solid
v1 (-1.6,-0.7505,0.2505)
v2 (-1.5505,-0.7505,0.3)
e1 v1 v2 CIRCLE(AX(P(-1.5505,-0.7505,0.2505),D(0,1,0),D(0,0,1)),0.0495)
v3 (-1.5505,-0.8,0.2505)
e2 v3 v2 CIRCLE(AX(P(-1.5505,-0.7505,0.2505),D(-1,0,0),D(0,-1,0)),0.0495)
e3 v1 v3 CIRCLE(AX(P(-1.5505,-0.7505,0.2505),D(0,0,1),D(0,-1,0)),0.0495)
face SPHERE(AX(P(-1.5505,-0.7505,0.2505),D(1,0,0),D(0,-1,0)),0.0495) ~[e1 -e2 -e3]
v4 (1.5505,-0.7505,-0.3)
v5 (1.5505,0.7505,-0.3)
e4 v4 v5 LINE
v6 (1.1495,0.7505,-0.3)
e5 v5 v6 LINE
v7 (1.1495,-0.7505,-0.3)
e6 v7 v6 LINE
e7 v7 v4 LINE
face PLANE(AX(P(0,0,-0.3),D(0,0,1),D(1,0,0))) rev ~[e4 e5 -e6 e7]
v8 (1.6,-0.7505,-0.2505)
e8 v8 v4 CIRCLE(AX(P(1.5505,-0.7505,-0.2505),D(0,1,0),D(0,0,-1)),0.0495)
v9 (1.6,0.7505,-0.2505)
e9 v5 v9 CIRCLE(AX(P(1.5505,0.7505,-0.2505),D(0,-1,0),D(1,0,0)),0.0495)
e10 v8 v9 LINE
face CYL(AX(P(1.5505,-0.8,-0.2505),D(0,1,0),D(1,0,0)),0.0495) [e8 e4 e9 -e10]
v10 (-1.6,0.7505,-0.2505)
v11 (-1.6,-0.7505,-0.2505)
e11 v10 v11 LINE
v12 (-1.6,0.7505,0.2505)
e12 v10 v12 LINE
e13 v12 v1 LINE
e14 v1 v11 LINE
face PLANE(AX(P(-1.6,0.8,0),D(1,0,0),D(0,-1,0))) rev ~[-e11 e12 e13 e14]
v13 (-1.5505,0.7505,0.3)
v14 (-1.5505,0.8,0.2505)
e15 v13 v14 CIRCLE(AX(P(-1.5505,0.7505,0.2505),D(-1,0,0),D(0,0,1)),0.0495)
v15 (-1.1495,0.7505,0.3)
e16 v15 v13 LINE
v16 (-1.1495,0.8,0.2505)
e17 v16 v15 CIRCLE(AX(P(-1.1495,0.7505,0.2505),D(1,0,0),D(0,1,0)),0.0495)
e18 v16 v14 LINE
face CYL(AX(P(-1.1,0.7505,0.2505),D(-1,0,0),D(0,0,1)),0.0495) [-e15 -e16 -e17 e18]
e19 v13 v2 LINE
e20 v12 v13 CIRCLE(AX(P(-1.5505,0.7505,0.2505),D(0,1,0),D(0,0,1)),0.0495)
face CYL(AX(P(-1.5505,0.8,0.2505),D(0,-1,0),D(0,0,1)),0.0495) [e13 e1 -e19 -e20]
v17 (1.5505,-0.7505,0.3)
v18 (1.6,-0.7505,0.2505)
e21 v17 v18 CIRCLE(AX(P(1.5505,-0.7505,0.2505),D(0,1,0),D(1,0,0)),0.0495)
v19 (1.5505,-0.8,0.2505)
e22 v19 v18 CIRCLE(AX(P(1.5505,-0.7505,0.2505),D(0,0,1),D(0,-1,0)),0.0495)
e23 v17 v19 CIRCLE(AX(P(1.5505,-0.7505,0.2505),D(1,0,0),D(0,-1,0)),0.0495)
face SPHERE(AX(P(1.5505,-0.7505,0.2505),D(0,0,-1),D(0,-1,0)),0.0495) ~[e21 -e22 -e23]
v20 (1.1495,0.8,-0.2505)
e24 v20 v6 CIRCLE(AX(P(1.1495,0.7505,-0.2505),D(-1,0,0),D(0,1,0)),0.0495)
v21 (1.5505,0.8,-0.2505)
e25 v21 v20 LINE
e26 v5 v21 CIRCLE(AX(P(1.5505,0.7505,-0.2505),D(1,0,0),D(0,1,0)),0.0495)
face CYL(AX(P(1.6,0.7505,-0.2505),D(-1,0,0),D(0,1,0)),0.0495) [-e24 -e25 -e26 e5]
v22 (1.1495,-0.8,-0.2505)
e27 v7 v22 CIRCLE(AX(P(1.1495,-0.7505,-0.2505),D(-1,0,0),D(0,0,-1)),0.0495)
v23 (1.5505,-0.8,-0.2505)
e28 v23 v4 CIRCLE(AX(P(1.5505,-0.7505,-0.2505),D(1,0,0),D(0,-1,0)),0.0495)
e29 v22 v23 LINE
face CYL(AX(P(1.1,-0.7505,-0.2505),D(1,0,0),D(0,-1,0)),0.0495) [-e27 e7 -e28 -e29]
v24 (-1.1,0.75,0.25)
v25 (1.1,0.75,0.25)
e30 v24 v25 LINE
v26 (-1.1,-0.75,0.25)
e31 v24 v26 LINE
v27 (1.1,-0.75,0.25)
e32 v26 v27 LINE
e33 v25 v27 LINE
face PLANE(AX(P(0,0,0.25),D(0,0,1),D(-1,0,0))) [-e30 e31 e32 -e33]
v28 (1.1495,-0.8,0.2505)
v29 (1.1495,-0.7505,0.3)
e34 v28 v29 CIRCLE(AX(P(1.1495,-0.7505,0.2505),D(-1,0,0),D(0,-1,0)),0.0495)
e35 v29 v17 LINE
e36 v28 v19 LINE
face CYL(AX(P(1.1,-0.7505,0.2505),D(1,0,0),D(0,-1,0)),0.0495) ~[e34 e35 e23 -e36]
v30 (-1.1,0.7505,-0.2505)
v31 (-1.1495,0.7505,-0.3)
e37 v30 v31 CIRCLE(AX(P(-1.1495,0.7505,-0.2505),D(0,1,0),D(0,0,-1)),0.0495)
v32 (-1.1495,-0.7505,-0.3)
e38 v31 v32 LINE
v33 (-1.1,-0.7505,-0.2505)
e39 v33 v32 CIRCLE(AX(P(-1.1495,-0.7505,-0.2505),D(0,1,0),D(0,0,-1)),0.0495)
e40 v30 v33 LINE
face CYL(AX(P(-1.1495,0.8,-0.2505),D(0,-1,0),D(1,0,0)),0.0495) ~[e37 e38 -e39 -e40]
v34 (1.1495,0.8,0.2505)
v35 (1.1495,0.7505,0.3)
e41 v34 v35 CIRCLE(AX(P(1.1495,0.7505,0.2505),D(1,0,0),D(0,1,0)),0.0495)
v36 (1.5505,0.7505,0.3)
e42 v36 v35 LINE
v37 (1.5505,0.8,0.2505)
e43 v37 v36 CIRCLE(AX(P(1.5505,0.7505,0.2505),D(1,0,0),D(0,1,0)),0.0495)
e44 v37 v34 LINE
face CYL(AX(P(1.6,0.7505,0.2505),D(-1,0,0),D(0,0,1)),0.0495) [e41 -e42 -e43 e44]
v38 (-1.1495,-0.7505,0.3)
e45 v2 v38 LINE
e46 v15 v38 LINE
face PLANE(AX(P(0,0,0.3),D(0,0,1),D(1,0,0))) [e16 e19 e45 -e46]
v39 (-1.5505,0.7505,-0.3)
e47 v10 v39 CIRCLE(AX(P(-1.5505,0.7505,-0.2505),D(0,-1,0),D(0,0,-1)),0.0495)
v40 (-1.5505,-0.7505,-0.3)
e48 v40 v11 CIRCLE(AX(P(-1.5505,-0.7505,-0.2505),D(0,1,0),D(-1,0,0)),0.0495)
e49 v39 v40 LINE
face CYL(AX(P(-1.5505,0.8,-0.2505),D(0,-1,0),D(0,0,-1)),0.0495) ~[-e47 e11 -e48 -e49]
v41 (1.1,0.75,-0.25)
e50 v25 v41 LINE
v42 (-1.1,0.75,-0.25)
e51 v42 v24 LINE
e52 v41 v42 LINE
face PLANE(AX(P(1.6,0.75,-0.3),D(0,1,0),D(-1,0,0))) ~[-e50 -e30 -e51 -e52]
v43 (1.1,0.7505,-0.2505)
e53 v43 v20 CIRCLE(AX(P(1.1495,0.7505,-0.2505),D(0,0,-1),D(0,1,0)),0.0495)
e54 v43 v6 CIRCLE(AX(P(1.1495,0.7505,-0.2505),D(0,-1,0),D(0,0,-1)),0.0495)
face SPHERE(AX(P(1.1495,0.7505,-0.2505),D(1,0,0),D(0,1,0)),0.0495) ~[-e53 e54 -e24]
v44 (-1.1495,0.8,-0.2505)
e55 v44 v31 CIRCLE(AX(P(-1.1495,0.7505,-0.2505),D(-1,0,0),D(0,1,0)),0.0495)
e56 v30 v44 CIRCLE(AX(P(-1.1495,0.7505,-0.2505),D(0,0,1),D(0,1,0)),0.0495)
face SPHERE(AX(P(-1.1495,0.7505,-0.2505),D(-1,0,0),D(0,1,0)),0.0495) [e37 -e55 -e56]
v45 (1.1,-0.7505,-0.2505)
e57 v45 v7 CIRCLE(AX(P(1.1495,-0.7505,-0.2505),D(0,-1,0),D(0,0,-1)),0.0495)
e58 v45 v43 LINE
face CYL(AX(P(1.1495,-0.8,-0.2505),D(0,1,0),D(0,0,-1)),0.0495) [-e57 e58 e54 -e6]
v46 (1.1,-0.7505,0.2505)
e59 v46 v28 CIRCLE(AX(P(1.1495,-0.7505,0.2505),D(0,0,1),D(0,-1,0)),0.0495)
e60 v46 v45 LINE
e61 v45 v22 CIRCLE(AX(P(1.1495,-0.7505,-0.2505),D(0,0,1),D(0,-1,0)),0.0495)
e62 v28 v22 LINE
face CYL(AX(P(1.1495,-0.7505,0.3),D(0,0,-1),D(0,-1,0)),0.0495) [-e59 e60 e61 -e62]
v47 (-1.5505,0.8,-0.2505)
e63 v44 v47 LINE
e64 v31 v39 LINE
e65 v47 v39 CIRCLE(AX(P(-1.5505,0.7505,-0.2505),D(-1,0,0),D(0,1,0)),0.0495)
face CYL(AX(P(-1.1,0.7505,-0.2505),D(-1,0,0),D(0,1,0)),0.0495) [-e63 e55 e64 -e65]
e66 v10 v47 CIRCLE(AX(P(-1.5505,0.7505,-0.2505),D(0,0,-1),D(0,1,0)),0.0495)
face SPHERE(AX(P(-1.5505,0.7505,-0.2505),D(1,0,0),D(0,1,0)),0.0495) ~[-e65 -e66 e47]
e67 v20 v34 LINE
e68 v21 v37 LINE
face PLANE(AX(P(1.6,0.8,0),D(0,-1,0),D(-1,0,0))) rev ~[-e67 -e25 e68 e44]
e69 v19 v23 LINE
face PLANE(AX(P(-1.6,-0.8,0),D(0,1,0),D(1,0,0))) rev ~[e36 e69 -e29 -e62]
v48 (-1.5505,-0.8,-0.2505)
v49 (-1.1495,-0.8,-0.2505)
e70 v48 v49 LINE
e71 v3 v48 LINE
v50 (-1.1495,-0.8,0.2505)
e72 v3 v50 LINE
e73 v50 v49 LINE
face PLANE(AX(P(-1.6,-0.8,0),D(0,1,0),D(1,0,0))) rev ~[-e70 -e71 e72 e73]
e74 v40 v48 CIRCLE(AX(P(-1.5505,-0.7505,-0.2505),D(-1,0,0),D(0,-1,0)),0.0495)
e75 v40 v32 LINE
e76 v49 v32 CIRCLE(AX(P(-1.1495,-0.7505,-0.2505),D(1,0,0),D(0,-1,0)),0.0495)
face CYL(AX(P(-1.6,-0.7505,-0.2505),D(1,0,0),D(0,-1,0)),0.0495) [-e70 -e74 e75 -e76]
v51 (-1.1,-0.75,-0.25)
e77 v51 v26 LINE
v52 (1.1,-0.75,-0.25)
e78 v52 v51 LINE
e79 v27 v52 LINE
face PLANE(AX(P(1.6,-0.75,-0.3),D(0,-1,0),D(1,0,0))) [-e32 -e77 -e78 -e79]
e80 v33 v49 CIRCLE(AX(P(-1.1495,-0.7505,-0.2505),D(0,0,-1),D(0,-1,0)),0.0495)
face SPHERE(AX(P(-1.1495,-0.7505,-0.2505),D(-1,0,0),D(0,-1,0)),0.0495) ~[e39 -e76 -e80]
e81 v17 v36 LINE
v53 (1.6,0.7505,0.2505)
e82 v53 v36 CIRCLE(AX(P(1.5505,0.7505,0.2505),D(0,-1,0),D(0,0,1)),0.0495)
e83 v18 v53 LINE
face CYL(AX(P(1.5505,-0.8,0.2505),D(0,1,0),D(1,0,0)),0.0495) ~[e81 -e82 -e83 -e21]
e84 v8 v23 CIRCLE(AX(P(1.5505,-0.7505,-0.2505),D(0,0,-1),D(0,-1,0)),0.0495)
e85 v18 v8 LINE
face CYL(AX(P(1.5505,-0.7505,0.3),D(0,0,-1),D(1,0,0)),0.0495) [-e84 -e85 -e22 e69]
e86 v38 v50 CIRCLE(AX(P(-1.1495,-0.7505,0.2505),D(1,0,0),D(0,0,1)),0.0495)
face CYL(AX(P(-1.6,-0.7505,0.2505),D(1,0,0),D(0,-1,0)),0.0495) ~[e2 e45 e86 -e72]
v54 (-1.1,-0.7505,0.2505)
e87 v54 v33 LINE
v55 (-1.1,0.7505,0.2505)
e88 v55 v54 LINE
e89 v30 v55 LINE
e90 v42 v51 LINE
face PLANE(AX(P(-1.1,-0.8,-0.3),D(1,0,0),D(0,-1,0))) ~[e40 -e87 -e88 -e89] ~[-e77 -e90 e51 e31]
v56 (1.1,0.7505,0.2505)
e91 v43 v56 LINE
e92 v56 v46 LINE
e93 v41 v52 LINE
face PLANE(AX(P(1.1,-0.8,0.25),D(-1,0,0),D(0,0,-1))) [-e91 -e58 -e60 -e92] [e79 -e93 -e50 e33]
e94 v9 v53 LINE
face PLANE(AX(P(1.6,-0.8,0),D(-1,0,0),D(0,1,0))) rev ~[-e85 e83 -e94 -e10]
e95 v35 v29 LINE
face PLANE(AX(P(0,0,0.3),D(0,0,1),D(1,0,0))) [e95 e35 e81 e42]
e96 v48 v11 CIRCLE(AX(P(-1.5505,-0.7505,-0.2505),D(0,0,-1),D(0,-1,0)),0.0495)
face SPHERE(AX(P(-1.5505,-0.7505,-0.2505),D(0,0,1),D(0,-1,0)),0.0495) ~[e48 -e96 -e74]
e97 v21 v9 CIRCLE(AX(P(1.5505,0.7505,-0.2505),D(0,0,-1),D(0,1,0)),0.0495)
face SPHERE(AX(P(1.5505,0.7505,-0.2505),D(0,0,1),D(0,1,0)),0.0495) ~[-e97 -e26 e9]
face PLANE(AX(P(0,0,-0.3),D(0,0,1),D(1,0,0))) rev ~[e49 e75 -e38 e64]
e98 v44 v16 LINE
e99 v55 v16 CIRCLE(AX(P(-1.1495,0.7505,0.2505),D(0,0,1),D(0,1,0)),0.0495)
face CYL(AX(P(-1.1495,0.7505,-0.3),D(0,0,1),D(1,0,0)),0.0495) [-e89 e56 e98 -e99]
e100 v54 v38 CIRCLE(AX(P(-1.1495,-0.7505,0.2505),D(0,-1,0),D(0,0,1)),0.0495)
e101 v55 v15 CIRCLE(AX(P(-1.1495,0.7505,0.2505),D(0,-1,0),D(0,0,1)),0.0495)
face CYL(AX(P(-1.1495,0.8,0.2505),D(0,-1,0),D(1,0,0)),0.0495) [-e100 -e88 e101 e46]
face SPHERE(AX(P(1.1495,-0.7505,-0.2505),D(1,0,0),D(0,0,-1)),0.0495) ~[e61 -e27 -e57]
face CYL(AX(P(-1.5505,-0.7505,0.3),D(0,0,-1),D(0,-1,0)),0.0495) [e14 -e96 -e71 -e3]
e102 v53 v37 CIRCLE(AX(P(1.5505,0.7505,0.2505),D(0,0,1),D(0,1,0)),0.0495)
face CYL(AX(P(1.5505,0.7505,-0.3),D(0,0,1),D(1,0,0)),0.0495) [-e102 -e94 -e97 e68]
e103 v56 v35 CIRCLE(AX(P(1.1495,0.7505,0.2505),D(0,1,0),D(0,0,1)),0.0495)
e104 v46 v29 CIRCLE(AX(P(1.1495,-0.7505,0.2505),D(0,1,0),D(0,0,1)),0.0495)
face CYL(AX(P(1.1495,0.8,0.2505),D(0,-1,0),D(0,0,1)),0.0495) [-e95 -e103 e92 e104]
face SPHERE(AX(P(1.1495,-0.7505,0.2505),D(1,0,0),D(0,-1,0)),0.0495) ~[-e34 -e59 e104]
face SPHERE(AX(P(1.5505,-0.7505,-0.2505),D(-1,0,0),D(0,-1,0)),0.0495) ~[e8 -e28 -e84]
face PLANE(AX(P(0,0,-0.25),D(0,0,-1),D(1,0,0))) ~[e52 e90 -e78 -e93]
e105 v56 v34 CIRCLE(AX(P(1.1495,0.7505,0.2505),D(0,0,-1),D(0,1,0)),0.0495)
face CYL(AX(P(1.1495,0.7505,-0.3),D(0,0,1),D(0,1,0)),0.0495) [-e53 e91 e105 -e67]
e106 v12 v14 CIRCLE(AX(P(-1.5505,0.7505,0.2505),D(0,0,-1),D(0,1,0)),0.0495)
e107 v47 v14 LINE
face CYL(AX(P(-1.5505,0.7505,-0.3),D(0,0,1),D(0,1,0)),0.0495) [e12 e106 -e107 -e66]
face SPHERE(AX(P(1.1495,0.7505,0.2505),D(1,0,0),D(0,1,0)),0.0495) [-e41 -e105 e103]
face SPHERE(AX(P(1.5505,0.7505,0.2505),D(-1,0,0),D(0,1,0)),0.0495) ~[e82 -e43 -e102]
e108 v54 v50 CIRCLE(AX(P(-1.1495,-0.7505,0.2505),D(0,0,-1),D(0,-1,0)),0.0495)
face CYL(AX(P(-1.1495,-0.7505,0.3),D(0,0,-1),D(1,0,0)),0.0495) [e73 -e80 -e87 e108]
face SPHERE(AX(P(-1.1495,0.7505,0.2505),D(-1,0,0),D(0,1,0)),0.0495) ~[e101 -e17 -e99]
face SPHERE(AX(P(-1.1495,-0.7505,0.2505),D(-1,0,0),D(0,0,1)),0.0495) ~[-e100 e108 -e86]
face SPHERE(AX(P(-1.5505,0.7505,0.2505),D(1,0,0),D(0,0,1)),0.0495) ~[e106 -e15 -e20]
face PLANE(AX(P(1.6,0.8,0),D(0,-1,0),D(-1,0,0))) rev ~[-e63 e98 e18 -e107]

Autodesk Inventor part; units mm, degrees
ref_plane "YZ Plane" through (0, 0, 0) normal (1, 0, 0) x (0, 1, 0)
ref_plane "XZ Plane" through (0, 0, 0) normal (0, 1, 0) x (-1, 0, 0)
ref_plane "XY Plane" through (0, 0, 0) normal (0, 0, 1) x (1, 0, 0)
sketch "Sketch1" plane through (0, 0, 0) normal (0, 0, 1) x (1, 0, 0)
  line L0 (1.6, 0.8) -> (-1.6, 0.8)
  line L1 (-1.6, 0.8) -> (-1.6, -0.8)
  line L2 (-1.6, -0.8) -> (1.6, -0.8)
  line L3 (1.6, -0.8) -> (1.6, 0.8)
  line L4 (1.6, 0.8) -> (-1.6, -0.8) construction
  line L5 (-1.6, 0.8) -> (1.6, -0.8) construction
  point P0 (0, 0)
  point P1 (0, 0)
  point P2 (0, 0)
  dimension "d0" = 3.2
  dimension "d1" = 1.6
extrude "Extrusion1" add sketch "Sketch1" along normal mid plane 0.6
sketch "Sketch2" plane through (0, 0, 0.3) normal (0, 0, 1) x (-1, 0, 0)
  line L0 (1.1, 0.4493) -> (1.1, -0.8)
  line L1 (-1.1, 0.8) -> (-1.1, -0.45)
  line L2 (-1.1, 0.8) -> (1.1, 0.8)
  line L3 (1.1, 0.8) -> (1.1, -0.8)
  line L4 (1.1, -0.8) -> (-1.1, -0.8)
  line L5 (-1.1, -0.8) -> (-1.1, 0.8)
  line L6 (-1.6, -0.8) -> (1.6, -0.8) projected
  line L7 (1.6, 0.8) -> (-1.6, 0.8) projected
  line L8 (1.6, -0.8) -> (1.6, 0.8) projected
  line L9 (-1.6, 0.8) -> (-1.6, -0.8) projected
  point P0 (0, 0)
  dimension "d11" = 0.5
  dimension "d12" = 0.5
extrude "Extrusion2" cut sketch "Sketch2" against normal blind 0.05 contours L0 L4 L5 L1 L2 L3
mirror "Mirror1" about plane through (0, 0, 0) normal (0, 0, 1) of "Extrusion2"
sketch "Sketch3" plane through (1.6, -0.8, -0.3) normal (0, -1, 0) x (1, 0, 0)
  line L0 (-2.7, 0.55) -> (-0.5, 0.55)
  line L1 (-0.5, 0.55) -> (-0.5, 0.05)
  line L2 (-0.5, 0.05) -> (-2.7, 0.05)
  line L3 (-2.7, 0.05) -> (-2.7, 0.55)
  point P0 (-1.6, 0.3)
extrude "Extrusion3" cut sketch "Sketch3" against normal blind 0.05
mirror "Mirror2" about plane through (0, 0, 0) normal (0, 1, 0) of "Extrusion3"
fillet "Fillet1" radius 0.05 24 edges at (1.35, 0.8, 0.3) (1.6, 0.8, 0) (1.35, 0.8, -0.3) (1.35, -0.8, -0.3) (1.6, -0.8, 0) (1.35, -0.8, 0.3) (-1.35, -0.8, 0.3) (-1.6, -0.8, 0) (-1.35, -0.8, -0.3) (1.6, 0, -0.3) (1.6, 0, 0.3) (-1.35, 0.8, 0.3) (-1.6, 0, 0.3) (-1.35, 0.8, -0.3) (-1.6, 0.8, 0) (-1.6, 0, -0.3) (-1.1, 0.8, 0) (-1.1, 0, 0.3) (-1.1, -0.8, 0) (-1.1, 0, -0.3) (1.1, 0.8, 0) (1.1, 0, -0.3) (1.1, -0.8, 0) (1.1, 0, 0.3)
properties part number "C3216C0G2J221K060AA"
